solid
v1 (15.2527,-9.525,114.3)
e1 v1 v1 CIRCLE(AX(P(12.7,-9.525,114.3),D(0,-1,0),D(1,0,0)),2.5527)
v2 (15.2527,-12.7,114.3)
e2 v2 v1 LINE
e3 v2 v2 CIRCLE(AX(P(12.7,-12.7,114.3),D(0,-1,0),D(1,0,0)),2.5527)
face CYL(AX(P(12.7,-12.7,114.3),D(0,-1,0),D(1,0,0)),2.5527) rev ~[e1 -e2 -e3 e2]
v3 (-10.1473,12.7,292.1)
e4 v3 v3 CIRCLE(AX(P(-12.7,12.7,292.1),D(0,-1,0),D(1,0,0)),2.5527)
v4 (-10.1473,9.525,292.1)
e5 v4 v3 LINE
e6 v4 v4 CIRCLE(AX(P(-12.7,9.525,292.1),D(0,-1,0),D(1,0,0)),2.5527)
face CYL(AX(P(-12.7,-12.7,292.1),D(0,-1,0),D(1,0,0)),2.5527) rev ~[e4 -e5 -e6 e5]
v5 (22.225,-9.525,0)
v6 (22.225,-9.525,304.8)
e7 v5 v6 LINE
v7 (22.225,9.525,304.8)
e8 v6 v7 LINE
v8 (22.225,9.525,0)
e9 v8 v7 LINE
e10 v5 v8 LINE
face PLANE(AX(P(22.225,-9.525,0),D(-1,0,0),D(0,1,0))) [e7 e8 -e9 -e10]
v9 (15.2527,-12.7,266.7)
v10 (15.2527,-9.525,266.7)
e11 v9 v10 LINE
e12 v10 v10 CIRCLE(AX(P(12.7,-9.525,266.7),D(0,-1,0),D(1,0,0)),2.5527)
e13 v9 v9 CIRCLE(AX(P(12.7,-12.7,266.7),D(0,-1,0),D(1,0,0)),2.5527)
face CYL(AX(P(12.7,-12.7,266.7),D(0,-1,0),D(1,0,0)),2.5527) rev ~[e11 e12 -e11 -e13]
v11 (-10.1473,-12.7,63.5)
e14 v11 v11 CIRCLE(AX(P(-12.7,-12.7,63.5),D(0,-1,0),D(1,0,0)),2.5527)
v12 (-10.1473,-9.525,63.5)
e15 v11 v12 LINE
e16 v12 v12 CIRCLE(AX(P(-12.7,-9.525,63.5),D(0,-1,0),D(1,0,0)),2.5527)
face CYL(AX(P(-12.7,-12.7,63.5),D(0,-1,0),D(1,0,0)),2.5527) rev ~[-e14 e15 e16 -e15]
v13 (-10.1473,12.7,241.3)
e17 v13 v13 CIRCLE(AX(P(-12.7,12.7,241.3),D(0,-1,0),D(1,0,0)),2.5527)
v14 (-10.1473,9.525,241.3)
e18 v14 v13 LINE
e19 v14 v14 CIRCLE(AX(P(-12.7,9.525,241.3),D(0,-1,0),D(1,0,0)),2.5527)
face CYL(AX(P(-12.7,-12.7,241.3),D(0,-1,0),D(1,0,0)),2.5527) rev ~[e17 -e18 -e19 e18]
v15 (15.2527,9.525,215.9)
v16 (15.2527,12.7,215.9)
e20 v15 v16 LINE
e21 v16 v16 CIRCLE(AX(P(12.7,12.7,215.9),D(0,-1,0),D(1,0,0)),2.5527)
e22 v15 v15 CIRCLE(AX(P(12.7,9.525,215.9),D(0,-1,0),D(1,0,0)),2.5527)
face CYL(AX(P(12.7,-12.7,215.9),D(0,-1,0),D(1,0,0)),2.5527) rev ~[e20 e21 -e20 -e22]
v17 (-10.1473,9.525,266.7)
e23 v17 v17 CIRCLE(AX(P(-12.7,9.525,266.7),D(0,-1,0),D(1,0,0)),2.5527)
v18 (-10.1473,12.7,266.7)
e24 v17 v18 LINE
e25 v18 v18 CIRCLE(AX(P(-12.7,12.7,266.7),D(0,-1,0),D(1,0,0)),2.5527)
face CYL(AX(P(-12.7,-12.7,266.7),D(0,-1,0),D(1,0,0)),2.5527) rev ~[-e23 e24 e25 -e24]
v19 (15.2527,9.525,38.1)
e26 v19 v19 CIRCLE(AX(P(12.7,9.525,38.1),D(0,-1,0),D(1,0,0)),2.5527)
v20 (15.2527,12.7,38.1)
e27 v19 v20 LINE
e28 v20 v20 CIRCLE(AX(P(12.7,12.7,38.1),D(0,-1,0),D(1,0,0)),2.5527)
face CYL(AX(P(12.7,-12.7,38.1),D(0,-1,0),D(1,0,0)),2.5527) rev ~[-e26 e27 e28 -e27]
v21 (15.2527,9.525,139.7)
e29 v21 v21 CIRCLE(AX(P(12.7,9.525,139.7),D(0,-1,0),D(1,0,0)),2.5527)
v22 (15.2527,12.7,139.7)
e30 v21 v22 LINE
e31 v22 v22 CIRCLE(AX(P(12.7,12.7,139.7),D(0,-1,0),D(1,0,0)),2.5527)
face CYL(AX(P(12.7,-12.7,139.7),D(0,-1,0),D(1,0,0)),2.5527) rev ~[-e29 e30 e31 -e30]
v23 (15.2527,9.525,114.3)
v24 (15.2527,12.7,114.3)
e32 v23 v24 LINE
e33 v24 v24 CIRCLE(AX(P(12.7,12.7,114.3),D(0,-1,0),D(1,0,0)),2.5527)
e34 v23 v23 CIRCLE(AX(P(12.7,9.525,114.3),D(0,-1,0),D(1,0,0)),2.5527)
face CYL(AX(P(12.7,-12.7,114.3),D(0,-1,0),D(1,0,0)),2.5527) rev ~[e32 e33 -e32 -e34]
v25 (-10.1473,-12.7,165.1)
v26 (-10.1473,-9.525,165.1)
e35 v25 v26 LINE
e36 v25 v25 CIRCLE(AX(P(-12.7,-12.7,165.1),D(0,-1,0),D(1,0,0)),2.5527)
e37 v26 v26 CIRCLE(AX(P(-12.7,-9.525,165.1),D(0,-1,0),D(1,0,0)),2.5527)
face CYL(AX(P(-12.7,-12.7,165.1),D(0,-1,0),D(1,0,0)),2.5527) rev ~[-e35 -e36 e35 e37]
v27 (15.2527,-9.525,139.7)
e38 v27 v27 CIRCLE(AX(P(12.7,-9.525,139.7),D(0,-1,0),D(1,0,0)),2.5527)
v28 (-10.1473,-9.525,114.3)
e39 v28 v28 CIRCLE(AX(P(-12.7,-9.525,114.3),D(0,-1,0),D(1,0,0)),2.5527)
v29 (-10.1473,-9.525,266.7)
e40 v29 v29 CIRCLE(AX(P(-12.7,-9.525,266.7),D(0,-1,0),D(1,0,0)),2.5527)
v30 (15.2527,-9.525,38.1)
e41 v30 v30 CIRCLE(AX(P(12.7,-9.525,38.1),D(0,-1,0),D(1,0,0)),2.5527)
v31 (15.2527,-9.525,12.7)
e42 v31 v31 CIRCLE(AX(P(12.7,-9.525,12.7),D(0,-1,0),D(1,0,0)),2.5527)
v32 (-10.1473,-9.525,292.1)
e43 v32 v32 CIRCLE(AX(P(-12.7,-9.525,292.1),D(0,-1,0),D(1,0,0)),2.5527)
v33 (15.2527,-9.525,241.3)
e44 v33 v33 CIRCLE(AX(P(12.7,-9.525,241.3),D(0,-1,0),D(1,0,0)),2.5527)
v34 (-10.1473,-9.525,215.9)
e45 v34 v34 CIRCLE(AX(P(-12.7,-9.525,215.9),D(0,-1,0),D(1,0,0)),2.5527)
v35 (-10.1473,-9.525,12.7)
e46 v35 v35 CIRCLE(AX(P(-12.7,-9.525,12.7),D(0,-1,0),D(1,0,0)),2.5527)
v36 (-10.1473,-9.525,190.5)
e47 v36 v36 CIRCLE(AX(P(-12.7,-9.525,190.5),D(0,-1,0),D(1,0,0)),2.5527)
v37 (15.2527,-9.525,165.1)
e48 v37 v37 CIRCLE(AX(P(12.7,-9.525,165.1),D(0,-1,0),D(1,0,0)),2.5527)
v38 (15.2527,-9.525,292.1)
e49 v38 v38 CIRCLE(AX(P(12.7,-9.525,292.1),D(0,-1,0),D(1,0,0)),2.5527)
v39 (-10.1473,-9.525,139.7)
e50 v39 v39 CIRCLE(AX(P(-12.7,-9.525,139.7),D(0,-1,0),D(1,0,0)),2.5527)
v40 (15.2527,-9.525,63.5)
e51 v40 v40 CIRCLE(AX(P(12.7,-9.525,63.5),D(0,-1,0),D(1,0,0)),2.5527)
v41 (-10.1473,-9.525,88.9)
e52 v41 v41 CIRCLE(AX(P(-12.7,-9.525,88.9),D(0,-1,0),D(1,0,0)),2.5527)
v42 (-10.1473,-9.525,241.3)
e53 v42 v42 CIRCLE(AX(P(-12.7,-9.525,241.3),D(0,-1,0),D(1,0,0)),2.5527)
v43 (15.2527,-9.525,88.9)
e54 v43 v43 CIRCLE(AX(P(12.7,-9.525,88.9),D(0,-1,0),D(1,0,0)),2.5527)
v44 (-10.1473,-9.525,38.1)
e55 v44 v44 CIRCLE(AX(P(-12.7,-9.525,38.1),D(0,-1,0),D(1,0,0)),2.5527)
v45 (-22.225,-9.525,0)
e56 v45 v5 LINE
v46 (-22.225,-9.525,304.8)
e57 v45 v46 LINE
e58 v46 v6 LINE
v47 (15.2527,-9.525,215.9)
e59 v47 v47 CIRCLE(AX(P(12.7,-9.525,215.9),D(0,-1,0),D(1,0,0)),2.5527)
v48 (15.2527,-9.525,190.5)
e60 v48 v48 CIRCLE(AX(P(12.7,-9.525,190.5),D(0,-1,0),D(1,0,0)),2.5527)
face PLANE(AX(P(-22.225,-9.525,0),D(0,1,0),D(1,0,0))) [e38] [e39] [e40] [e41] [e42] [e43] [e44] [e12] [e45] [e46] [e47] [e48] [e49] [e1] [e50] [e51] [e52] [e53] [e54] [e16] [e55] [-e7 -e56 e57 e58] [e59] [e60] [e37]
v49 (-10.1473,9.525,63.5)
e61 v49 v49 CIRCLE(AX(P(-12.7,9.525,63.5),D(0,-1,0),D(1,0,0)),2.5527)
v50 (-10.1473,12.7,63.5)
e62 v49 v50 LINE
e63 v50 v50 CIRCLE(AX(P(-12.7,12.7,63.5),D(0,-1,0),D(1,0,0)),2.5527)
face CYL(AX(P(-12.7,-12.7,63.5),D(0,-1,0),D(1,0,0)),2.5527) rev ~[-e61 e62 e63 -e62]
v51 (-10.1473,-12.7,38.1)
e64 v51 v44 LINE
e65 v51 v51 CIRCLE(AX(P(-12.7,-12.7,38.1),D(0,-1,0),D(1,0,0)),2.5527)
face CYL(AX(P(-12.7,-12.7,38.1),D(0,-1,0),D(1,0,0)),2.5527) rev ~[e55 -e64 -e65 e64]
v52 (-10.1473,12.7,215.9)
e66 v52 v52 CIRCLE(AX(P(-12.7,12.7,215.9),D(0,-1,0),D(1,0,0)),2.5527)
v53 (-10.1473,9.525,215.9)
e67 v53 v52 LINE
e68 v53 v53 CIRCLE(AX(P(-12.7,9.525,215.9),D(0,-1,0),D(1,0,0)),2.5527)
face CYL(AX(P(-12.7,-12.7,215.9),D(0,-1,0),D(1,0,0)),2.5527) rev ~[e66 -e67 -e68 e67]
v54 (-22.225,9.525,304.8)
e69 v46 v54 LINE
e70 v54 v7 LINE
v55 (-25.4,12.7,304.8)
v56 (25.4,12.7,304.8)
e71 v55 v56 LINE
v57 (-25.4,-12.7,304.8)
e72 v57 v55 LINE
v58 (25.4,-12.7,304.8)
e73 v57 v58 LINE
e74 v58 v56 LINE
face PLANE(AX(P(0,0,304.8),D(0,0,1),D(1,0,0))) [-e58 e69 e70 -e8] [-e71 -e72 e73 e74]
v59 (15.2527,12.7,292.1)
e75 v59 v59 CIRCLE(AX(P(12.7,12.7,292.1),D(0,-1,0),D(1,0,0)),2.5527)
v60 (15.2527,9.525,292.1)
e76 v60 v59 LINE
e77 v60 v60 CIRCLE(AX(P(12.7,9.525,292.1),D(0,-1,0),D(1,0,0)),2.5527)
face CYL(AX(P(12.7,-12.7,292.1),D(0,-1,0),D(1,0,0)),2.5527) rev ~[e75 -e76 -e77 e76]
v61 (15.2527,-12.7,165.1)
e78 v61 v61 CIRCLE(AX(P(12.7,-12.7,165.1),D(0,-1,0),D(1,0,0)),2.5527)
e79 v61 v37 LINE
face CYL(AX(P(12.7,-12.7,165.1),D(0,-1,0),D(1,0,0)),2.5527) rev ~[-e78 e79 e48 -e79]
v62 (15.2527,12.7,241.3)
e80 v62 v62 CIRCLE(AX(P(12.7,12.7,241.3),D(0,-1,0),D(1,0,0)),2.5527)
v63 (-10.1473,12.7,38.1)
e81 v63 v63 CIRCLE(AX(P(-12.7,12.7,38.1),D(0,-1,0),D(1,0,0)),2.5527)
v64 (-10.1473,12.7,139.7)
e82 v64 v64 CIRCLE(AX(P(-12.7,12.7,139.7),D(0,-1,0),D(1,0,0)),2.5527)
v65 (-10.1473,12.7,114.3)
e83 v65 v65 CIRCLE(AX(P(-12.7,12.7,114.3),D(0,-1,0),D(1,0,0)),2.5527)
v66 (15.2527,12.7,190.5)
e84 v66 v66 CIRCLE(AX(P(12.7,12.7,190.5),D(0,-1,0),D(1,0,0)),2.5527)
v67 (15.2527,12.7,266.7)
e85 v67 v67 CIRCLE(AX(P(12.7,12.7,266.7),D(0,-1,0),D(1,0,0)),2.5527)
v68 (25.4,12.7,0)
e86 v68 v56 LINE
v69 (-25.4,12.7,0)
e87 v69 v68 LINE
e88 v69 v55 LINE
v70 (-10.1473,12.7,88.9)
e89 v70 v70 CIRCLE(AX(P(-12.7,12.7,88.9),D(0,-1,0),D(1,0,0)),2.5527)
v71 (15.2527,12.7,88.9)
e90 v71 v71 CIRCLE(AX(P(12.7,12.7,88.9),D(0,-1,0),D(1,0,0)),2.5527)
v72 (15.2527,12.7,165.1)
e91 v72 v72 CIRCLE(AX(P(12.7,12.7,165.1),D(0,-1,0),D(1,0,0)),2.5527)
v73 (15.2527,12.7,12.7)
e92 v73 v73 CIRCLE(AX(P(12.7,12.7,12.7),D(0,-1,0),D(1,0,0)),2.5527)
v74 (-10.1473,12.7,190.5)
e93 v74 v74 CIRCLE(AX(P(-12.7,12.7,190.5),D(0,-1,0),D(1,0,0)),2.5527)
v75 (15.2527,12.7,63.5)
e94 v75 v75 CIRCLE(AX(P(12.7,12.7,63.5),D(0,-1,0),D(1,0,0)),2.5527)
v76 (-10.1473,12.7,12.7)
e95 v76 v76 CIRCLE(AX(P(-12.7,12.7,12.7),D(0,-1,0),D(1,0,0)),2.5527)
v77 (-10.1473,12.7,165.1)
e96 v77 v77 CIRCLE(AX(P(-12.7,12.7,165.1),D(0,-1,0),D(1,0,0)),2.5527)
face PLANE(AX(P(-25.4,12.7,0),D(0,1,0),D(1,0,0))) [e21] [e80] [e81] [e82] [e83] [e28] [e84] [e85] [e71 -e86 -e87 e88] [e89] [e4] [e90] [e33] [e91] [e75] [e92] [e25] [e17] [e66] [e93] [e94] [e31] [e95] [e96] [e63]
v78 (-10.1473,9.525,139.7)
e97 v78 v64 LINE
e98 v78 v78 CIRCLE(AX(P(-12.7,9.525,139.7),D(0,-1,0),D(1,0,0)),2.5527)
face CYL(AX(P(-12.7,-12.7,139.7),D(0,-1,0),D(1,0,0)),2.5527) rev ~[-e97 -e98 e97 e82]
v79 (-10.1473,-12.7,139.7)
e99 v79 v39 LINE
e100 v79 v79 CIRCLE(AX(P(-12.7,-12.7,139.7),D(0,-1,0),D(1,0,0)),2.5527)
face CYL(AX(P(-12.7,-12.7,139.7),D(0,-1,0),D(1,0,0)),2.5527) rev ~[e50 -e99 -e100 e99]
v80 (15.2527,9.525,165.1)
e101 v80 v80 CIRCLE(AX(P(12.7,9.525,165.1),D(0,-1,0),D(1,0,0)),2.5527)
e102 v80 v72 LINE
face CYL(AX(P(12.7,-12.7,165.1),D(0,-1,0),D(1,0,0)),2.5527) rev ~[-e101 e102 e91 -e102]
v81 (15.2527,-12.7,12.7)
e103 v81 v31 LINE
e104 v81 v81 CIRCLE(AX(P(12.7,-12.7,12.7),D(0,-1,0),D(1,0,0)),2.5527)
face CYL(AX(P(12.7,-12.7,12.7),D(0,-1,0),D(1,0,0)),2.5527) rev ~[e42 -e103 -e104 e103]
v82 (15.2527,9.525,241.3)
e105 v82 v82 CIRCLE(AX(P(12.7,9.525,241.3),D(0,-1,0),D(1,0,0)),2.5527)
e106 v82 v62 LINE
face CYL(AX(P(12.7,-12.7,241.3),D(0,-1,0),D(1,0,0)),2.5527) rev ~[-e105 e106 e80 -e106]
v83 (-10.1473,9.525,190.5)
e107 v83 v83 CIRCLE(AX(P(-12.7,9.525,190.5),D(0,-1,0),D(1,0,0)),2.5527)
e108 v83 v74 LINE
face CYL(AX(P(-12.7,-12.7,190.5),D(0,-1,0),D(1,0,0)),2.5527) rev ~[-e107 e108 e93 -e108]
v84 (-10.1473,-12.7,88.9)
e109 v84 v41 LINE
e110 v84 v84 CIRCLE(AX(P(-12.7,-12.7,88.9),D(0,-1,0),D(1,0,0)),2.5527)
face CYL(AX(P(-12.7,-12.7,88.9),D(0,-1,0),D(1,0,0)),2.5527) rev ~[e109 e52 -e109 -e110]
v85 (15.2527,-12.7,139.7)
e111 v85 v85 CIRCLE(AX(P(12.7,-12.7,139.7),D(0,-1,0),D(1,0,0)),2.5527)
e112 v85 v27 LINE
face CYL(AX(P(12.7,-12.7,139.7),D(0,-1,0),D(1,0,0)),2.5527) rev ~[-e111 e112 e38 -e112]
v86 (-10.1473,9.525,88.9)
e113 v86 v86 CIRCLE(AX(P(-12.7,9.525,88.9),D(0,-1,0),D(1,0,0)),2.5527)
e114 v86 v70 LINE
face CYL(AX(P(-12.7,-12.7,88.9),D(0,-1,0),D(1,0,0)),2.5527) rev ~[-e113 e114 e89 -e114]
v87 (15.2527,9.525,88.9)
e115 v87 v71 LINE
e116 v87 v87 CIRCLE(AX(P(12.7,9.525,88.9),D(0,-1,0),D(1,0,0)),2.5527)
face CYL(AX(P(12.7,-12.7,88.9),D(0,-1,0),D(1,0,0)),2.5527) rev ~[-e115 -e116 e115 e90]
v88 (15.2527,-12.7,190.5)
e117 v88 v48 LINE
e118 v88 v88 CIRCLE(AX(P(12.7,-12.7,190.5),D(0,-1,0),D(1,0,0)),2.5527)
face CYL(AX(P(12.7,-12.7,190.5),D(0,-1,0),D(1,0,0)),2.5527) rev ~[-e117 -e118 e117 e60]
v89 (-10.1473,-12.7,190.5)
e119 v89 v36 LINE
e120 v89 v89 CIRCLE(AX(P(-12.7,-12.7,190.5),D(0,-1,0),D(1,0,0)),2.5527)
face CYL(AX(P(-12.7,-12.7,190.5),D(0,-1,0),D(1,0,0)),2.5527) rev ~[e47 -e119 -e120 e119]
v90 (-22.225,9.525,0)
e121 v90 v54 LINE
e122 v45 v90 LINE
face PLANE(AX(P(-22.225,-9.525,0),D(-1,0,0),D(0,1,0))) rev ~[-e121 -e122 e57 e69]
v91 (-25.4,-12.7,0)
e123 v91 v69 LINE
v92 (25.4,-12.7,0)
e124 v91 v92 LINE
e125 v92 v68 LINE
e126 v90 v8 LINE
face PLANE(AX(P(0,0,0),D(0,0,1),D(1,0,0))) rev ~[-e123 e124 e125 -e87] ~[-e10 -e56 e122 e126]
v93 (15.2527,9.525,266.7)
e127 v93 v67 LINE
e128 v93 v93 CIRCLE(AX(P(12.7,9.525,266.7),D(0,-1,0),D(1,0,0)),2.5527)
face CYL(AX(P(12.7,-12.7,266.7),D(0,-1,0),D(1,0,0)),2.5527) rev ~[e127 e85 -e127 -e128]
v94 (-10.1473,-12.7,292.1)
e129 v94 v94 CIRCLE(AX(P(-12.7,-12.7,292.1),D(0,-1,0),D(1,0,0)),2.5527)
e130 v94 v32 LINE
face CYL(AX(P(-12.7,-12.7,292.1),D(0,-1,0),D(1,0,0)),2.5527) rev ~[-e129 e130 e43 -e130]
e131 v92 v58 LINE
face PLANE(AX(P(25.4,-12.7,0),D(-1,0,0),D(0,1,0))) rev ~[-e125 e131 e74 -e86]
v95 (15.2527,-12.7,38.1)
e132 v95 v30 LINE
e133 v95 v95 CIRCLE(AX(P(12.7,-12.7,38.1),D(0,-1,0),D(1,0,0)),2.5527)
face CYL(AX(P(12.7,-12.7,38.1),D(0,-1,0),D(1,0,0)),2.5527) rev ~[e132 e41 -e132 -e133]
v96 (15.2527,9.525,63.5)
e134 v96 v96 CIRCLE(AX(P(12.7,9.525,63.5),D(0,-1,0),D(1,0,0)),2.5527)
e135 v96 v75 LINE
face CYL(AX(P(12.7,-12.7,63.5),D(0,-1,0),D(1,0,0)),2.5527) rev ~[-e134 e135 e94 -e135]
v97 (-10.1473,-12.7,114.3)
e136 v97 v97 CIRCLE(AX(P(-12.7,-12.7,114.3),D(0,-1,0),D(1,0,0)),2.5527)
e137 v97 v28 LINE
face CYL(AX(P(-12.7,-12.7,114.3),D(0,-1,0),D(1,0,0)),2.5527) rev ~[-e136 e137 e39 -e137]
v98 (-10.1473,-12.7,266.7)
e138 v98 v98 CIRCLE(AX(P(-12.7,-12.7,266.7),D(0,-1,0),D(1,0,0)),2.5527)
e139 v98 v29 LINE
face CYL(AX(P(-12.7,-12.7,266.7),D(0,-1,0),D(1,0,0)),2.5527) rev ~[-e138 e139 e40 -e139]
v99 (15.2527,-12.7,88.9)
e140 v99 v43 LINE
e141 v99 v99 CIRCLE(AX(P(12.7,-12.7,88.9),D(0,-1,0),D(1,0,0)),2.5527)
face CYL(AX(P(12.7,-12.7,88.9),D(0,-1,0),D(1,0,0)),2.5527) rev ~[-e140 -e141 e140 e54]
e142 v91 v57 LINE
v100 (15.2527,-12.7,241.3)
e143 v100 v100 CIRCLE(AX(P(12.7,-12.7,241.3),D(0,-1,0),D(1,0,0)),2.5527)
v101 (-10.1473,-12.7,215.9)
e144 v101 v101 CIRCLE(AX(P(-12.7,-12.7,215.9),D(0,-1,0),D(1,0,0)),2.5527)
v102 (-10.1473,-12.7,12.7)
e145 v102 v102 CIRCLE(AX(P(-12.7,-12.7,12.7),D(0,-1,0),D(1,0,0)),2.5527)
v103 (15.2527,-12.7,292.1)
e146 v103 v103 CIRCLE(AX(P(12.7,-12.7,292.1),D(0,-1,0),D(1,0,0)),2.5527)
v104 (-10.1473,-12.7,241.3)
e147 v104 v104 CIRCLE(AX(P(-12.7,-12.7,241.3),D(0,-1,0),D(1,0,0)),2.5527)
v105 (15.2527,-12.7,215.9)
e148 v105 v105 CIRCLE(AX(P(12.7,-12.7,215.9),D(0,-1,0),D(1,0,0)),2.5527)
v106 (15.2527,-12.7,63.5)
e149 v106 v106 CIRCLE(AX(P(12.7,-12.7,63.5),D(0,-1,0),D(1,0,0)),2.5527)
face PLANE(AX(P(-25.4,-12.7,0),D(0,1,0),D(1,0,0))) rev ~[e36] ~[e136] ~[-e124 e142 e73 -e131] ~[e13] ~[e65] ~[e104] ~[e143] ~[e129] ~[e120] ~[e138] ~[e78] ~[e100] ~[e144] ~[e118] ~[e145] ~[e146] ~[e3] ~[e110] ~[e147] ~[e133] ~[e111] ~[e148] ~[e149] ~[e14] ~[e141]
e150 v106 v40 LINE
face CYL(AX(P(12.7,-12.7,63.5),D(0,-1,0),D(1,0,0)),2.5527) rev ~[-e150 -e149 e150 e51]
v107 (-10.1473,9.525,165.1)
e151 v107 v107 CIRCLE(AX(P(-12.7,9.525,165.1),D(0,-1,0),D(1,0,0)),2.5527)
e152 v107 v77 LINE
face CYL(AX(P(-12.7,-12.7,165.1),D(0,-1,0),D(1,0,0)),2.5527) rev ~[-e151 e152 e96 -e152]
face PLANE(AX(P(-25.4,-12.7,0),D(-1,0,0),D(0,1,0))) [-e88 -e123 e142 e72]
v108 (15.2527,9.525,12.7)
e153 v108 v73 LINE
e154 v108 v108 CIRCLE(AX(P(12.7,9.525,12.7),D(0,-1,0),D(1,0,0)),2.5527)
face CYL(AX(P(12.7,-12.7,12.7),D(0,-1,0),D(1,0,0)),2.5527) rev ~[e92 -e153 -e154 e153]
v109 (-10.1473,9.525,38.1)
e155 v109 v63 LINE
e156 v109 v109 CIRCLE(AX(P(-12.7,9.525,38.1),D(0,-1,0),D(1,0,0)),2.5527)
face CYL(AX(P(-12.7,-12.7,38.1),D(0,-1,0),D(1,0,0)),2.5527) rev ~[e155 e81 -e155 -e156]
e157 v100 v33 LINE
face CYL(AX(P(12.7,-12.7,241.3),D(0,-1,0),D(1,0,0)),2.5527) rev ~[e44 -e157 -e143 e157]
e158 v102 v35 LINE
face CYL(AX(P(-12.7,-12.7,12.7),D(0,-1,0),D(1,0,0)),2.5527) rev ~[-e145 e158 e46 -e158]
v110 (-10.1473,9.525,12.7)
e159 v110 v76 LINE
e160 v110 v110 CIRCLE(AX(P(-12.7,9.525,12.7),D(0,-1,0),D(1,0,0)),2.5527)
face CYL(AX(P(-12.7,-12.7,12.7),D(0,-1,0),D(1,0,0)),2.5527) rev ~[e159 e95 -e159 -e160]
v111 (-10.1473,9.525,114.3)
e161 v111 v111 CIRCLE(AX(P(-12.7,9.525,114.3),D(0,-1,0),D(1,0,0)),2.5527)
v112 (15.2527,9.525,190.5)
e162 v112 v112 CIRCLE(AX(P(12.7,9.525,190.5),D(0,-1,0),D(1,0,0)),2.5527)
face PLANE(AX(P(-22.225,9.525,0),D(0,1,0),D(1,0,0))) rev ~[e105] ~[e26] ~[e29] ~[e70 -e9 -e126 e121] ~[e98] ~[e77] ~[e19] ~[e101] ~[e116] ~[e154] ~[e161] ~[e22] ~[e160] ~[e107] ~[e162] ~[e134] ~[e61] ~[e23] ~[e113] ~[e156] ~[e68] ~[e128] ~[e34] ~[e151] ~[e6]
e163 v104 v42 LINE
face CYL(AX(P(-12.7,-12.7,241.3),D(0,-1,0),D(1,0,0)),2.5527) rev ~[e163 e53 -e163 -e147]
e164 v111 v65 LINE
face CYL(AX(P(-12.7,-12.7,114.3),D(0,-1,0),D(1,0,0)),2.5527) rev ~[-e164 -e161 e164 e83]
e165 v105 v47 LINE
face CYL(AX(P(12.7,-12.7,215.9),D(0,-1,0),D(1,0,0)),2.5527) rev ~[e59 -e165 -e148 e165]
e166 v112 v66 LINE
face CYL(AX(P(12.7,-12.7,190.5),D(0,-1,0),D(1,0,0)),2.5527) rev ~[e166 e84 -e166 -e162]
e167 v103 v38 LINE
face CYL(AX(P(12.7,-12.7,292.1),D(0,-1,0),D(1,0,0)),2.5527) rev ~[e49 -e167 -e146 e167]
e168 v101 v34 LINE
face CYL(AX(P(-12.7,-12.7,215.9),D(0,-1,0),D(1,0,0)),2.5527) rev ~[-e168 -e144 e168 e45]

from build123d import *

# Parameters (mm, degrees)
F0_W     = 50.8
F0_H     = 25.4
F0_W_2   = 44.45
F0_H_2   = 19.05
F1_DEPTH = 304.8
F2_R     = 2.5527
F3_DEPTH = 25.4


with BuildPart() as f1:
    # F0 (on Top) → F1 (new body)
    with BuildSketch(Plane.XY):
        Rectangle(F0_W, F0_H)
        Rectangle(F0_W_2, F0_H_2, mode=Mode.SUBTRACT)
    extrude(amount=F1_DEPTH)

    # F2 (on face) → F3 (cut)
    with BuildSketch(Plane.XZ.offset(12.7)):
        with Locations((-12.7, 292.1)):
            Circle(F2_R)
        with Locations((-12.7, 266.7)):
            Circle(F2_R)
        with Locations((-12.7, 241.3)):
            Circle(F2_R)
        with Locations((-12.7, 215.9)):
            Circle(F2_R)
        with Locations((-12.7, 190.5)):
            Circle(F2_R)
        with Locations((-12.7, 165.1)):
            Circle(F2_R)
        with Locations((-12.7, 139.7)):
            Circle(F2_R)
        with Locations((-12.7, 114.3)):
            Circle(F2_R)
        with Locations((-12.7, 88.9)):
            Circle(F2_R)
        with Locations((-12.7, 63.5)):
            Circle(F2_R)
        with Locations((-12.7, 38.1)):
            Circle(F2_R)
        with Locations((-12.7, 12.7)):
            Circle(F2_R)
        with Locations((12.7, 292.1)):
            Circle(F2_R)
        with Locations((12.7, 266.7)):
            Circle(F2_R)
        with Locations((12.7, 241.3)):
            Circle(F2_R)
        with Locations((12.7, 215.9)):
            Circle(F2_R)
        with Locations((12.7, 190.5)):
            Circle(F2_R)
        with Locations((12.7, 165.1)):
            Circle(F2_R)
        with Locations((12.7, 139.7)):
            Circle(F2_R)
        with Locations((12.7, 114.3)):
            Circle(F2_R)
        with Locations((12.7, 88.9)):
            Circle(F2_R)
        with Locations((12.7, 63.5)):
            Circle(F2_R)
        with Locations((12.7, 38.1)):
            Circle(F2_R)
        with Locations((12.7, 12.7)):
            Circle(F2_R)
    extrude(amount=-F3_DEPTH, mode=Mode.SUBTRACT)


solid = f1.part
